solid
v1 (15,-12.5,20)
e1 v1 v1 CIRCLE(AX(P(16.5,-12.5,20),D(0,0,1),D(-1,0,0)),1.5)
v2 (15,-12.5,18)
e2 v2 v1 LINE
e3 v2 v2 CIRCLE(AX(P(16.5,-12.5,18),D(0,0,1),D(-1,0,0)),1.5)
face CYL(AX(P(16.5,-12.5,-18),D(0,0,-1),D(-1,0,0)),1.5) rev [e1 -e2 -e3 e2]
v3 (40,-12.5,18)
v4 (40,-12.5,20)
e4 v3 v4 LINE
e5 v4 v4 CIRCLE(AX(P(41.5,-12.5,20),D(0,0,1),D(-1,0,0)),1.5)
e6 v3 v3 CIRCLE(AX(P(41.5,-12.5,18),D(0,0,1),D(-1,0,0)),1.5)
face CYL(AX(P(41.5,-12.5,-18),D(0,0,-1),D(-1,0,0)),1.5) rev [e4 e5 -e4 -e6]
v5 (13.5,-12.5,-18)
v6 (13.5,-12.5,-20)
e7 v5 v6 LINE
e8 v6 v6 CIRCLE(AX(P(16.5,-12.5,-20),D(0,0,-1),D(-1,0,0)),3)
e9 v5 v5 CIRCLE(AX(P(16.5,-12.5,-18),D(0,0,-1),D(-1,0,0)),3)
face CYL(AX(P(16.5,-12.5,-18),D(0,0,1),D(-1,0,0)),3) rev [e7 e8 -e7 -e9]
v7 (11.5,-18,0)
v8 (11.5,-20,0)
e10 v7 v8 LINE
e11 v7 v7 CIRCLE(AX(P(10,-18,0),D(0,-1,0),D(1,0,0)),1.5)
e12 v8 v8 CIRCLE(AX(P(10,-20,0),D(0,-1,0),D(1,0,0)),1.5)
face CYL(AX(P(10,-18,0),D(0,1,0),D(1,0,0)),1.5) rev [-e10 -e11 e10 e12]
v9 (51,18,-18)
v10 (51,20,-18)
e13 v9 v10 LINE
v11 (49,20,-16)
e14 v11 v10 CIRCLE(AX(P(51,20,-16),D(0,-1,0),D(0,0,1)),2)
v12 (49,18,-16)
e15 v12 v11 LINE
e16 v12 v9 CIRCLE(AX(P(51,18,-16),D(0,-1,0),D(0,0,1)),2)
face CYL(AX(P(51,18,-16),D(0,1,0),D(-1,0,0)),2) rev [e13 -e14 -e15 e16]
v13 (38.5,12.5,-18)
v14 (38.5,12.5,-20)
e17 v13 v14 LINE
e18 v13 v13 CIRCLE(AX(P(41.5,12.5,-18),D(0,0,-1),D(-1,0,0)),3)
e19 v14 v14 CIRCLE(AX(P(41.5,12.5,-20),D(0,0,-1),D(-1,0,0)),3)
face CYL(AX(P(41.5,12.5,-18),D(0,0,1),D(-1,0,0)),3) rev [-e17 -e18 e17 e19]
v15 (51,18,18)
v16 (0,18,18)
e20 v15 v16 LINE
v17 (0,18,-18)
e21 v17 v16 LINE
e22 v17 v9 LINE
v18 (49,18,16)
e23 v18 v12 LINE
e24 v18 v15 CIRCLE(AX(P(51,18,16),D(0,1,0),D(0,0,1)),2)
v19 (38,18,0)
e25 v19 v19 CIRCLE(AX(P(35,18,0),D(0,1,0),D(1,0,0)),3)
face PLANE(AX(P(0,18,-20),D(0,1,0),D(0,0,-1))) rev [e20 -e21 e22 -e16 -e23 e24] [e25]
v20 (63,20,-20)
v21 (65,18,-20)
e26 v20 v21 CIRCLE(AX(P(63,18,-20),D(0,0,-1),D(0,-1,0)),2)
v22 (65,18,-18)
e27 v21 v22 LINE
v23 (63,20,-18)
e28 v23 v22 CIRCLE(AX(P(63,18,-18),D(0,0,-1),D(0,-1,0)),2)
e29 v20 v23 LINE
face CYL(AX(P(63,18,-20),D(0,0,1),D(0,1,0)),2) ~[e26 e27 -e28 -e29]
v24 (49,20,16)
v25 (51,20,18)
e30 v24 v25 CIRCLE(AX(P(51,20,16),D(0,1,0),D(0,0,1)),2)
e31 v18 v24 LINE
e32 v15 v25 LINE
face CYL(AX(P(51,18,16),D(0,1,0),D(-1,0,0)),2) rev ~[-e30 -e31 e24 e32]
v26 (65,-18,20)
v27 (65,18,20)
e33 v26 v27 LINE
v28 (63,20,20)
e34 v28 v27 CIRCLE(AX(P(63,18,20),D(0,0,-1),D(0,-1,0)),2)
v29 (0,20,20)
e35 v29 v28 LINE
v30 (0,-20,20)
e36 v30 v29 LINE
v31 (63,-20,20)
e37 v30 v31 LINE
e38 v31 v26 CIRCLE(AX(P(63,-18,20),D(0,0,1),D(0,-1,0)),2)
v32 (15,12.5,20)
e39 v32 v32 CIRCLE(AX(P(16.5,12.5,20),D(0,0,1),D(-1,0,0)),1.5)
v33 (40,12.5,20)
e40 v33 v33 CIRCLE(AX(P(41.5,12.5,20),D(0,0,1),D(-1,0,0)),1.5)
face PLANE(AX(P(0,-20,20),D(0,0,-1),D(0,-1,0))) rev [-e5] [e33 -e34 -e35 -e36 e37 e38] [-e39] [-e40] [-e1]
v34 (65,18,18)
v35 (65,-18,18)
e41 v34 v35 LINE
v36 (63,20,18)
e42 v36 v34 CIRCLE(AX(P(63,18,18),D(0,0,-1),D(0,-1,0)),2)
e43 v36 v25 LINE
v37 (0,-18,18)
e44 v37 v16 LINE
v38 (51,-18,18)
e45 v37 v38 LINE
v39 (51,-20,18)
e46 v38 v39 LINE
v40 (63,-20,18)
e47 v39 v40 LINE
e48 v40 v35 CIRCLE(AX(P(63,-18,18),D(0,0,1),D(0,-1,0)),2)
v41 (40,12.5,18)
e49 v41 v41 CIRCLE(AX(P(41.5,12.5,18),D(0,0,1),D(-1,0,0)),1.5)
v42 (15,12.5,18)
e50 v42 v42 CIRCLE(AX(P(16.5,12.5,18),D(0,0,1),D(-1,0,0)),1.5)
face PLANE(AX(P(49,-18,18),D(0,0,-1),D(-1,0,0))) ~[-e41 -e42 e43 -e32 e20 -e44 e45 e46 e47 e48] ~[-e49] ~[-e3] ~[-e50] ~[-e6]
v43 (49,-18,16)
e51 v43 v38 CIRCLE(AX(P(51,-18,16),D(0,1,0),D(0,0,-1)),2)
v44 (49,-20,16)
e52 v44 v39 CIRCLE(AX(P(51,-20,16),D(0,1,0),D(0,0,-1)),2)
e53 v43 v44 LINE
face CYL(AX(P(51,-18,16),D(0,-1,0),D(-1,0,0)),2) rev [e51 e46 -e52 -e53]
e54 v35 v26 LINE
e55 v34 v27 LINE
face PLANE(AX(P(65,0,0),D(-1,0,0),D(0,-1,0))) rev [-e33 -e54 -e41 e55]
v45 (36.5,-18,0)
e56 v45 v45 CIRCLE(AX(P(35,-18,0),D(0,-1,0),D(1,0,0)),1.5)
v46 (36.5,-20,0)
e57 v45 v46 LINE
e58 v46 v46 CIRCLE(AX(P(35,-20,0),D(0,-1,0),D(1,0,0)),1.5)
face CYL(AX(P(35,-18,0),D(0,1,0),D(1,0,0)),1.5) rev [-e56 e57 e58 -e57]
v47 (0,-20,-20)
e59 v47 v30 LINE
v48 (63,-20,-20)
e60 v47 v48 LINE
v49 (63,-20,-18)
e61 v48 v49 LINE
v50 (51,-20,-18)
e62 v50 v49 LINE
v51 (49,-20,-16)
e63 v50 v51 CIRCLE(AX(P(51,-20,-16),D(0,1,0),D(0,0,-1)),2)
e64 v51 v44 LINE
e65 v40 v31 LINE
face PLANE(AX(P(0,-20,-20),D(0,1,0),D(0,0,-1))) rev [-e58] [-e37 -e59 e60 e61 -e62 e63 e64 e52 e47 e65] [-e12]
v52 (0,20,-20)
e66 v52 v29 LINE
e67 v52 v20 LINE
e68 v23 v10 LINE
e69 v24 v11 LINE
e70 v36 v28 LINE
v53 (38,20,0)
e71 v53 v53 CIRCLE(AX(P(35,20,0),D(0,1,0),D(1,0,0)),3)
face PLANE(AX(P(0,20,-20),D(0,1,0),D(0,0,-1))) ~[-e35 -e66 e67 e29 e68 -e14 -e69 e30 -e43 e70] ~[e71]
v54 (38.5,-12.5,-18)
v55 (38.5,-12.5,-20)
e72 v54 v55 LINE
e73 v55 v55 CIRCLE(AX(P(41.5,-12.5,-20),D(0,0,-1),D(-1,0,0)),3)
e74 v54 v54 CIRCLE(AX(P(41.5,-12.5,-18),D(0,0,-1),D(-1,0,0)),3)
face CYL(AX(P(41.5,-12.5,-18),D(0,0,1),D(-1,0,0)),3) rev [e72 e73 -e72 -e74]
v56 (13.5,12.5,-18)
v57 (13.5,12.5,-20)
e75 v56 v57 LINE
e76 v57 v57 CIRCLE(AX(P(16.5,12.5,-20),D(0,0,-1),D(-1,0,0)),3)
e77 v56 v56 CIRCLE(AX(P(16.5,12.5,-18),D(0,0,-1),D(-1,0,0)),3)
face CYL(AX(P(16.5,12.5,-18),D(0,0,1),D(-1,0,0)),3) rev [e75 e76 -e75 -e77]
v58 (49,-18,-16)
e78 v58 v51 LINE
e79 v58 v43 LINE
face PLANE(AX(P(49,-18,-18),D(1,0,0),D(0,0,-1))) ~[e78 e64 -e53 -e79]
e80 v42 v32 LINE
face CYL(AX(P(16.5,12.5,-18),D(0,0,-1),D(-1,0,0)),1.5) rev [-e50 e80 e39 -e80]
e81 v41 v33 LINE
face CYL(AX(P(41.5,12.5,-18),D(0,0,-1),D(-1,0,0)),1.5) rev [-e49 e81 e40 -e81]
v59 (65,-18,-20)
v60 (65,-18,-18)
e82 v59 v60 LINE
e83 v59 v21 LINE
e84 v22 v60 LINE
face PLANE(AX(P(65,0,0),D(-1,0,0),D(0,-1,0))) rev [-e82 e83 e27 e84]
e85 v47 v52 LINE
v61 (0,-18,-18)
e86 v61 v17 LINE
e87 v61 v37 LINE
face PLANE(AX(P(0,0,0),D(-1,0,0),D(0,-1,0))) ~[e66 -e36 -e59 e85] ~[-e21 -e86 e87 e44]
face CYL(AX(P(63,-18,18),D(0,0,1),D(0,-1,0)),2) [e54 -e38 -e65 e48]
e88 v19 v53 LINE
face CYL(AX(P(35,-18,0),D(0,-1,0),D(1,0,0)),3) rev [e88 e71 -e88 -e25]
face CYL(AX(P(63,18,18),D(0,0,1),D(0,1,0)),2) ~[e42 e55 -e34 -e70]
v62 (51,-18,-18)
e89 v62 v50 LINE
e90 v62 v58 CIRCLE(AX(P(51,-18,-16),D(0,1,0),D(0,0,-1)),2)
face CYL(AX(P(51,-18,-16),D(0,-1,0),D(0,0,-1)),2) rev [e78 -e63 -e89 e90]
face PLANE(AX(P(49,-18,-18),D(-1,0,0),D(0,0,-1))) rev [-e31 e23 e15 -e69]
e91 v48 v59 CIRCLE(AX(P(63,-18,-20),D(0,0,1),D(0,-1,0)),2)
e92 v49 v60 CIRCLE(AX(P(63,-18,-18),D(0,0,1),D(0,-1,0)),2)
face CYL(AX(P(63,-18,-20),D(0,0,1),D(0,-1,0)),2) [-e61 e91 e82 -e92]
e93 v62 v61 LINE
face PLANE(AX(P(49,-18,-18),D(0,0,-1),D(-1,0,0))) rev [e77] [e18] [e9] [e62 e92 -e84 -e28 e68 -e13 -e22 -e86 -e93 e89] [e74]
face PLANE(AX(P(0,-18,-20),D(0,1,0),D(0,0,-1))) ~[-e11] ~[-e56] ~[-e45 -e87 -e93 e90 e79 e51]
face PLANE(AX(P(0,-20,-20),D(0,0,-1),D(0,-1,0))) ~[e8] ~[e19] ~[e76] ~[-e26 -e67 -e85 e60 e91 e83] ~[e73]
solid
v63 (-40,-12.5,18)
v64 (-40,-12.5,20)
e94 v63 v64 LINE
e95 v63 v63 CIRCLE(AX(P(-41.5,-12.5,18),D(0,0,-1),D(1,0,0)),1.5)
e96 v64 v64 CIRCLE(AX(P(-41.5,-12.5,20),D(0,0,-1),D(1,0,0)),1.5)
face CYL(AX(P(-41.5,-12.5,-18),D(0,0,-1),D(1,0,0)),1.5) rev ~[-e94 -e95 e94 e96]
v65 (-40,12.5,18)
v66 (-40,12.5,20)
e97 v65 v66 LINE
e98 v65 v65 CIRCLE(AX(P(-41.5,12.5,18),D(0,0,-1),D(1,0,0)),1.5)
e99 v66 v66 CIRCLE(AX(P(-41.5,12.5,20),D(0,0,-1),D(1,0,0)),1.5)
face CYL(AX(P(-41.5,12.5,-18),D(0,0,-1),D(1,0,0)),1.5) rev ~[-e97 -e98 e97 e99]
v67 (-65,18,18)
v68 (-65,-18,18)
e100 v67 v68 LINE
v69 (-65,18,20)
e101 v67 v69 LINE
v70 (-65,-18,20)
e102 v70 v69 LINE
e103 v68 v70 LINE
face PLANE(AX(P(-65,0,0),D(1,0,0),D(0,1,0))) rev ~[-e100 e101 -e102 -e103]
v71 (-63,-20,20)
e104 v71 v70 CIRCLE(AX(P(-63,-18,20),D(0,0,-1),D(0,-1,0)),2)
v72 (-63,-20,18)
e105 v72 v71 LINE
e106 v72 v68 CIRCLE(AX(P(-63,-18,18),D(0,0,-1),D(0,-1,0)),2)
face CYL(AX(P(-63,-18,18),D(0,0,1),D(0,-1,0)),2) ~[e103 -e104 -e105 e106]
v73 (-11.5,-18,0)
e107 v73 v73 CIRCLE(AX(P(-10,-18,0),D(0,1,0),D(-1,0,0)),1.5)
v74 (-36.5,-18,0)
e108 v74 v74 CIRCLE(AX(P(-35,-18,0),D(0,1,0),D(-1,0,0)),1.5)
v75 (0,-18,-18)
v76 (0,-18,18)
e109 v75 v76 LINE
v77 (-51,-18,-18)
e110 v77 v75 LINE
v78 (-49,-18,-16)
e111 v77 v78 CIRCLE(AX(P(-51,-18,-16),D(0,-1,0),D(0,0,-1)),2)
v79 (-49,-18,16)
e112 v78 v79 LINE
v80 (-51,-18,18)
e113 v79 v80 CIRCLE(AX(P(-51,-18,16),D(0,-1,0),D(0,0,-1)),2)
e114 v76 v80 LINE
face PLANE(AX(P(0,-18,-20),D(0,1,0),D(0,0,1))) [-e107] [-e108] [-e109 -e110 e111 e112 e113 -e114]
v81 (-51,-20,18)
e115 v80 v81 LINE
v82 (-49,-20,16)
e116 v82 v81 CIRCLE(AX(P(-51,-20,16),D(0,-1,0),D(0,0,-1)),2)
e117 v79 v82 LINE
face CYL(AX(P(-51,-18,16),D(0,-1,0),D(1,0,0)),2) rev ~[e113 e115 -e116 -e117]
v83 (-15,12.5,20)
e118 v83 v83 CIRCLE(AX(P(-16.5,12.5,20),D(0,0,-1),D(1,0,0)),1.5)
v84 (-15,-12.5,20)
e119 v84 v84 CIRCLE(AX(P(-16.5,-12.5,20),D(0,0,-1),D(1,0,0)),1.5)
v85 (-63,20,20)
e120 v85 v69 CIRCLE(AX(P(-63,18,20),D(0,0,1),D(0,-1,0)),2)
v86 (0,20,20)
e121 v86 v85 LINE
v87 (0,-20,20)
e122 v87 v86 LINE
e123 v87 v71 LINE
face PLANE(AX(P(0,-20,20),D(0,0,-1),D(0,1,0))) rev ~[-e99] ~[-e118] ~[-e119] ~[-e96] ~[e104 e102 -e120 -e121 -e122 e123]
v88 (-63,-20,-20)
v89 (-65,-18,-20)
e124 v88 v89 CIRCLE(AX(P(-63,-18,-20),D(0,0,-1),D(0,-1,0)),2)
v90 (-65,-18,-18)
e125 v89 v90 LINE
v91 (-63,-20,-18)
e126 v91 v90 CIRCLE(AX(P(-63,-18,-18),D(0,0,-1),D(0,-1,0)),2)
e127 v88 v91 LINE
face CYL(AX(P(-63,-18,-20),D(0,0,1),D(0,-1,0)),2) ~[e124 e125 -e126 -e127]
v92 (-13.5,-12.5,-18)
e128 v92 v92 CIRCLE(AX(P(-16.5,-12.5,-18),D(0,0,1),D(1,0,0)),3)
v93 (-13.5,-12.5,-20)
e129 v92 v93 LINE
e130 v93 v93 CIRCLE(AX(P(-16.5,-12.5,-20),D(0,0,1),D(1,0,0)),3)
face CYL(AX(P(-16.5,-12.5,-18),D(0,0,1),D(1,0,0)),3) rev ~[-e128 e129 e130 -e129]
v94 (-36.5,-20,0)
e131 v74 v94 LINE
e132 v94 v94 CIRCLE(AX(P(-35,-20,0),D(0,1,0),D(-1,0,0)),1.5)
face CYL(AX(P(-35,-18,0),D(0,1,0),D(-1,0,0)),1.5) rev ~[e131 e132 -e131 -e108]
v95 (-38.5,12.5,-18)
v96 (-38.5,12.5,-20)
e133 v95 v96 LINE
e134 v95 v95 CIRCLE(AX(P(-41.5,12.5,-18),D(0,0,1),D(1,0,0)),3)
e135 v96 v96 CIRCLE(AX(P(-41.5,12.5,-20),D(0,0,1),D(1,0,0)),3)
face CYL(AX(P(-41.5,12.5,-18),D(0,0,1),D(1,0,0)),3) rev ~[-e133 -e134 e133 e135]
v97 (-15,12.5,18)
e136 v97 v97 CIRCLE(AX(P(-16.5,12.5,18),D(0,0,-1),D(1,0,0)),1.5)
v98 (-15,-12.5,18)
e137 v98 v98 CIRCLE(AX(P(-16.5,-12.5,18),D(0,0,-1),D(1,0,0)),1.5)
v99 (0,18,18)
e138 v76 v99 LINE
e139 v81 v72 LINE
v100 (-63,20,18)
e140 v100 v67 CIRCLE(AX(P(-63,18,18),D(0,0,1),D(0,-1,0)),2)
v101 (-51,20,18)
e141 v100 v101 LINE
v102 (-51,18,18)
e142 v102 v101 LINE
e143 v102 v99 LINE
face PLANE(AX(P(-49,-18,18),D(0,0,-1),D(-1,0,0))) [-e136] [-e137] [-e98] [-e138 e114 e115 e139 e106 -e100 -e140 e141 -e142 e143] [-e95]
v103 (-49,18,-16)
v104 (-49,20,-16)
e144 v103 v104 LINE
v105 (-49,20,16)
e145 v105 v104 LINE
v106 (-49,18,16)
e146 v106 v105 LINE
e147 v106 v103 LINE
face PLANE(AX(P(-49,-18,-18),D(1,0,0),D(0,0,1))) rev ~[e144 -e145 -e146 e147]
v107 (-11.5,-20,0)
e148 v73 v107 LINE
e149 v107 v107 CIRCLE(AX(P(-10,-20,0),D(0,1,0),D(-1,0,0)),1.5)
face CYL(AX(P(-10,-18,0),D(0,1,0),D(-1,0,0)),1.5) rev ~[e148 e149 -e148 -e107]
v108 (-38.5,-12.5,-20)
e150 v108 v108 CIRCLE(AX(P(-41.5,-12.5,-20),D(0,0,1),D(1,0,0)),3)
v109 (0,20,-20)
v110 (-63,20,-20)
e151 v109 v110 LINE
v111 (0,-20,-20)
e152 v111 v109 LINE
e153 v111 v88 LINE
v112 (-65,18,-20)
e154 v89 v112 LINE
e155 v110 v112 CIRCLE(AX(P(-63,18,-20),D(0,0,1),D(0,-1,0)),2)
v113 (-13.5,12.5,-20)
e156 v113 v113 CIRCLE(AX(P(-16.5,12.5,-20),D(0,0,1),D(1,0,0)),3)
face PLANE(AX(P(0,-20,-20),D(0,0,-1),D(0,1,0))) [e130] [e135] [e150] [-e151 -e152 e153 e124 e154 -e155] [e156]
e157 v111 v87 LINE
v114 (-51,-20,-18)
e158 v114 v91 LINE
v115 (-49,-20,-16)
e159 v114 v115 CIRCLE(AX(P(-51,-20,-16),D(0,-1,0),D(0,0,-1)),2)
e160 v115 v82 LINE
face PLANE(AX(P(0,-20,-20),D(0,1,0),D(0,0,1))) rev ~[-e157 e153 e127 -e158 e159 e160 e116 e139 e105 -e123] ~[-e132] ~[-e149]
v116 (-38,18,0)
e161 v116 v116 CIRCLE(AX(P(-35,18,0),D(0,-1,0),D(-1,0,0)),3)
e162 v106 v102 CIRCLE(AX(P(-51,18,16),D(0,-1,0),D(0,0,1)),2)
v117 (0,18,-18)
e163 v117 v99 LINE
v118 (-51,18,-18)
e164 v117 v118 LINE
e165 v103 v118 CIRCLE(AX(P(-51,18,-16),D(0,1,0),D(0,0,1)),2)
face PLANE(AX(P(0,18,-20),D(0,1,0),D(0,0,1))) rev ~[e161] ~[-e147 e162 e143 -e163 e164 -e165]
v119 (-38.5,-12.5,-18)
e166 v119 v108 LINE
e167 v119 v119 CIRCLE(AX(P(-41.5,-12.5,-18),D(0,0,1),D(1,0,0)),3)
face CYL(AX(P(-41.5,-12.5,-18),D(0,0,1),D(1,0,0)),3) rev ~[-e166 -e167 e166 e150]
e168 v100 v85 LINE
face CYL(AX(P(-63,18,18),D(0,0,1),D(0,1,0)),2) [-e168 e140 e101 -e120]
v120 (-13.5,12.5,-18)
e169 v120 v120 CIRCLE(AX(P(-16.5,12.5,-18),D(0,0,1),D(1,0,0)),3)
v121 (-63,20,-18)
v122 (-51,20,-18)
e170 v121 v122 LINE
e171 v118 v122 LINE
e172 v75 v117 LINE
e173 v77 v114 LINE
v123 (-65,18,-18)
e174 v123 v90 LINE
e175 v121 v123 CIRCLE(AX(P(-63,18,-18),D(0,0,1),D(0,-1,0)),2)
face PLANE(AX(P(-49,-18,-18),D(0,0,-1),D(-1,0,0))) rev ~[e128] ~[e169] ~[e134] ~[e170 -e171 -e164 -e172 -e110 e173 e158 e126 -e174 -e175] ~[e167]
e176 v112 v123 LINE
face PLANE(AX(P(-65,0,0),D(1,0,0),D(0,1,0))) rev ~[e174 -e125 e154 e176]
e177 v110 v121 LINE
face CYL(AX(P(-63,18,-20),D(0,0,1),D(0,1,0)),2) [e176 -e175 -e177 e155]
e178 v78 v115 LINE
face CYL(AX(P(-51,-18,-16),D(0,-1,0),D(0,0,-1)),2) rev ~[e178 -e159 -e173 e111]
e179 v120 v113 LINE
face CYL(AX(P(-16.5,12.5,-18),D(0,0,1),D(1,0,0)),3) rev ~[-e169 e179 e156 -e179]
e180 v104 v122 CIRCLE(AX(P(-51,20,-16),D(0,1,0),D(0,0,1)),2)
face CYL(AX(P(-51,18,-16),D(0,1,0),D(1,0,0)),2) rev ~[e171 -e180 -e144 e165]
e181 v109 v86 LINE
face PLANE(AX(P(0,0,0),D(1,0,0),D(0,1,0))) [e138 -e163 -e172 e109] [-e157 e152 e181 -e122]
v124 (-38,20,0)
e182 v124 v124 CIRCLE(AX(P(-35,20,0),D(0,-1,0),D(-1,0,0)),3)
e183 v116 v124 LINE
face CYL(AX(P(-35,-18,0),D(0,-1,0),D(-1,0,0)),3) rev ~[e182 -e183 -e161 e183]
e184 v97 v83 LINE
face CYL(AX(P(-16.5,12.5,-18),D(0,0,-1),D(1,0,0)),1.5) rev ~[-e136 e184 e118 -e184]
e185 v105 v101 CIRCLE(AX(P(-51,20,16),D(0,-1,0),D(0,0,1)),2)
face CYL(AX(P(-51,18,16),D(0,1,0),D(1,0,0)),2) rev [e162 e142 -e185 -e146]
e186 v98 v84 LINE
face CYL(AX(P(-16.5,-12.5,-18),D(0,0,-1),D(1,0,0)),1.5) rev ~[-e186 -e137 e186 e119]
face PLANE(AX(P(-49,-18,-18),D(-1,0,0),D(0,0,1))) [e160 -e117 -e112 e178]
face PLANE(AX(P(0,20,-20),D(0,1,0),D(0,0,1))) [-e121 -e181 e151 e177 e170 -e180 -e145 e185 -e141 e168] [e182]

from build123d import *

# Parameters (mm, degrees)
F0_W          = 40
F0_H          = 40
F1_DEPTH      = 65
F2_T          = -2
F4_D          = 3
F4_DEPTH      = 40
F4_TIP        = 0.9012909285
F5_D          = 6
F5_DEPTH      = 3
F5_TIP        = 1.8025818571
F6_W          = 16
F6_H          = 36
F7_DEPTH      = 2.001
F7_DEPTH_BACK = 38.001
F8_R          = 2
F9_D          = 3
F9_DEPTH      = 3
F9_TIP        = 0.9012909285
F10_D         = 6
F10_DEPTH     = 40
F10_TIP       = 1.8025818571


with BuildPart() as f1:
    # F0 (on Right) → F1 (new body)
    with BuildSketch(Plane.YZ):
        Rectangle(F0_W, F0_H)
    extrude(amount=-F1_DEPTH)

    # F2
    f2_openings = [f1.faces().sort_by_distance(p)[0] for p in [
        (-65, 0, 0),
        (0, 0, 0),
    ]]
    offset(amount=F2_T, openings=f2_openings)

    # F4 (one way)
    with BuildSketch(Plane(origin=(0, 0, -18), x_dir=(1, 0, 0), z_dir=(0, 0, -1))):
        with Locations((-41.5, -12.5), (-16.5, -12.5), (-41.5, 12.5), (-16.5, 12.5)):
            Circle(F4_D / 2)
    extrude(amount=-F4_DEPTH, mode=Mode.SUBTRACT)
    with Locations(Plane(origin=(0, 0, -18), x_dir=(1, 0, 0), z_dir=(0, 0, -1))):
        with Locations((-41.5, -12.5), (-16.5, -12.5), (-41.5, 12.5), (-16.5, 12.5)):
            with Locations((0, 0, -(F4_DEPTH + F4_TIP / 2))):  # 118° drill point
                Cone(0, F4_D / 2, F4_TIP, mode=Mode.SUBTRACT)

    # F5 (one way)
    with BuildSketch(Plane.XY.offset(-18)):
        with Locations((-41.5, 12.5), (-41.5, -12.5), (-16.5, -12.5), (-16.5, 12.5)):
            Circle(F5_D / 2)
    extrude(amount=-F5_DEPTH, mode=Mode.SUBTRACT)
    with Locations(Plane.XY.offset(-18)):
        with Locations((-41.5, 12.5), (-41.5, -12.5), (-16.5, -12.5), (-16.5, 12.5)):
            with Locations((0, 0, -(F5_DEPTH + F5_TIP / 2))):  # 118° drill point
                Cone(0, F5_D / 2, F5_TIP, mode=Mode.SUBTRACT)

    # F6 (on face) → F7 (cut, two sides)
    with BuildSketch(Plane(origin=(0, -18, 0), x_dir=(-1, 0, 0), z_dir=(0, 1, 0))) as f7_sk:
        with Locations((57, 0)):
            Rectangle(F6_W, F6_H)
    extrude(amount=-F7_DEPTH, mode=Mode.SUBTRACT)
    extrude(f7_sk.sketch, amount=F7_DEPTH_BACK, mode=Mode.SUBTRACT)

    # F8
    f8_edges = [f1.edges().sort_by_distance(p)[0] for p in [
        (-49, -19, 18),
        (-49, 19, 18),
        (-49, 19, -18),
        (-49, -19, -18),
        (-65, 20, 19),
        (-65, -20, 19),
        (-65, -20, -19),
        (-65, 20, -19),
    ]]
    fillet(f8_edges, radius=F8_R)

    # F9 (one way)
    with BuildSketch(Plane(origin=(0, -18, 0), x_dir=(-1, 0, 0), z_dir=(0, 1, 0))):
        with Locations((35, 0), (10, 0)):
            Circle(F9_D / 2)
    extrude(amount=-F9_DEPTH, mode=Mode.SUBTRACT)
    with Locations(Plane(origin=(0, -18, 0), x_dir=(-1, 0, 0), z_dir=(0, 1, 0))):
        with Locations((35, 0), (10, 0)):
            with Locations((0, 0, -(F9_DEPTH + F9_TIP / 2))):  # 118° drill point
                Cone(0, F9_D / 2, F9_TIP, mode=Mode.SUBTRACT)

    # F10 (one way)
    with BuildSketch(Plane(origin=(0, -18, 0), x_dir=(-1, 0, 0), z_dir=(0, -1, 0))):
        with Locations((35, 0)):
            Circle(F10_D / 2)
    extrude(amount=-F10_DEPTH, mode=Mode.SUBTRACT)
    with Locations(Plane(origin=(0, -18, 0), x_dir=(-1, 0, 0), z_dir=(0, -1, 0))):
        with Locations((35, 0)):
            with Locations((0, 0, -(F10_DEPTH + F10_TIP / 2))):  # 118° drill point
                Cone(0, F10_D / 2, F10_TIP, mode=Mode.SUBTRACT)


with BuildPart() as f11_1:
    # F11: instance of F1
    add(f1.part.mirror(Plane.YZ))


solid = Compound([f1.part, f11_1.part])
